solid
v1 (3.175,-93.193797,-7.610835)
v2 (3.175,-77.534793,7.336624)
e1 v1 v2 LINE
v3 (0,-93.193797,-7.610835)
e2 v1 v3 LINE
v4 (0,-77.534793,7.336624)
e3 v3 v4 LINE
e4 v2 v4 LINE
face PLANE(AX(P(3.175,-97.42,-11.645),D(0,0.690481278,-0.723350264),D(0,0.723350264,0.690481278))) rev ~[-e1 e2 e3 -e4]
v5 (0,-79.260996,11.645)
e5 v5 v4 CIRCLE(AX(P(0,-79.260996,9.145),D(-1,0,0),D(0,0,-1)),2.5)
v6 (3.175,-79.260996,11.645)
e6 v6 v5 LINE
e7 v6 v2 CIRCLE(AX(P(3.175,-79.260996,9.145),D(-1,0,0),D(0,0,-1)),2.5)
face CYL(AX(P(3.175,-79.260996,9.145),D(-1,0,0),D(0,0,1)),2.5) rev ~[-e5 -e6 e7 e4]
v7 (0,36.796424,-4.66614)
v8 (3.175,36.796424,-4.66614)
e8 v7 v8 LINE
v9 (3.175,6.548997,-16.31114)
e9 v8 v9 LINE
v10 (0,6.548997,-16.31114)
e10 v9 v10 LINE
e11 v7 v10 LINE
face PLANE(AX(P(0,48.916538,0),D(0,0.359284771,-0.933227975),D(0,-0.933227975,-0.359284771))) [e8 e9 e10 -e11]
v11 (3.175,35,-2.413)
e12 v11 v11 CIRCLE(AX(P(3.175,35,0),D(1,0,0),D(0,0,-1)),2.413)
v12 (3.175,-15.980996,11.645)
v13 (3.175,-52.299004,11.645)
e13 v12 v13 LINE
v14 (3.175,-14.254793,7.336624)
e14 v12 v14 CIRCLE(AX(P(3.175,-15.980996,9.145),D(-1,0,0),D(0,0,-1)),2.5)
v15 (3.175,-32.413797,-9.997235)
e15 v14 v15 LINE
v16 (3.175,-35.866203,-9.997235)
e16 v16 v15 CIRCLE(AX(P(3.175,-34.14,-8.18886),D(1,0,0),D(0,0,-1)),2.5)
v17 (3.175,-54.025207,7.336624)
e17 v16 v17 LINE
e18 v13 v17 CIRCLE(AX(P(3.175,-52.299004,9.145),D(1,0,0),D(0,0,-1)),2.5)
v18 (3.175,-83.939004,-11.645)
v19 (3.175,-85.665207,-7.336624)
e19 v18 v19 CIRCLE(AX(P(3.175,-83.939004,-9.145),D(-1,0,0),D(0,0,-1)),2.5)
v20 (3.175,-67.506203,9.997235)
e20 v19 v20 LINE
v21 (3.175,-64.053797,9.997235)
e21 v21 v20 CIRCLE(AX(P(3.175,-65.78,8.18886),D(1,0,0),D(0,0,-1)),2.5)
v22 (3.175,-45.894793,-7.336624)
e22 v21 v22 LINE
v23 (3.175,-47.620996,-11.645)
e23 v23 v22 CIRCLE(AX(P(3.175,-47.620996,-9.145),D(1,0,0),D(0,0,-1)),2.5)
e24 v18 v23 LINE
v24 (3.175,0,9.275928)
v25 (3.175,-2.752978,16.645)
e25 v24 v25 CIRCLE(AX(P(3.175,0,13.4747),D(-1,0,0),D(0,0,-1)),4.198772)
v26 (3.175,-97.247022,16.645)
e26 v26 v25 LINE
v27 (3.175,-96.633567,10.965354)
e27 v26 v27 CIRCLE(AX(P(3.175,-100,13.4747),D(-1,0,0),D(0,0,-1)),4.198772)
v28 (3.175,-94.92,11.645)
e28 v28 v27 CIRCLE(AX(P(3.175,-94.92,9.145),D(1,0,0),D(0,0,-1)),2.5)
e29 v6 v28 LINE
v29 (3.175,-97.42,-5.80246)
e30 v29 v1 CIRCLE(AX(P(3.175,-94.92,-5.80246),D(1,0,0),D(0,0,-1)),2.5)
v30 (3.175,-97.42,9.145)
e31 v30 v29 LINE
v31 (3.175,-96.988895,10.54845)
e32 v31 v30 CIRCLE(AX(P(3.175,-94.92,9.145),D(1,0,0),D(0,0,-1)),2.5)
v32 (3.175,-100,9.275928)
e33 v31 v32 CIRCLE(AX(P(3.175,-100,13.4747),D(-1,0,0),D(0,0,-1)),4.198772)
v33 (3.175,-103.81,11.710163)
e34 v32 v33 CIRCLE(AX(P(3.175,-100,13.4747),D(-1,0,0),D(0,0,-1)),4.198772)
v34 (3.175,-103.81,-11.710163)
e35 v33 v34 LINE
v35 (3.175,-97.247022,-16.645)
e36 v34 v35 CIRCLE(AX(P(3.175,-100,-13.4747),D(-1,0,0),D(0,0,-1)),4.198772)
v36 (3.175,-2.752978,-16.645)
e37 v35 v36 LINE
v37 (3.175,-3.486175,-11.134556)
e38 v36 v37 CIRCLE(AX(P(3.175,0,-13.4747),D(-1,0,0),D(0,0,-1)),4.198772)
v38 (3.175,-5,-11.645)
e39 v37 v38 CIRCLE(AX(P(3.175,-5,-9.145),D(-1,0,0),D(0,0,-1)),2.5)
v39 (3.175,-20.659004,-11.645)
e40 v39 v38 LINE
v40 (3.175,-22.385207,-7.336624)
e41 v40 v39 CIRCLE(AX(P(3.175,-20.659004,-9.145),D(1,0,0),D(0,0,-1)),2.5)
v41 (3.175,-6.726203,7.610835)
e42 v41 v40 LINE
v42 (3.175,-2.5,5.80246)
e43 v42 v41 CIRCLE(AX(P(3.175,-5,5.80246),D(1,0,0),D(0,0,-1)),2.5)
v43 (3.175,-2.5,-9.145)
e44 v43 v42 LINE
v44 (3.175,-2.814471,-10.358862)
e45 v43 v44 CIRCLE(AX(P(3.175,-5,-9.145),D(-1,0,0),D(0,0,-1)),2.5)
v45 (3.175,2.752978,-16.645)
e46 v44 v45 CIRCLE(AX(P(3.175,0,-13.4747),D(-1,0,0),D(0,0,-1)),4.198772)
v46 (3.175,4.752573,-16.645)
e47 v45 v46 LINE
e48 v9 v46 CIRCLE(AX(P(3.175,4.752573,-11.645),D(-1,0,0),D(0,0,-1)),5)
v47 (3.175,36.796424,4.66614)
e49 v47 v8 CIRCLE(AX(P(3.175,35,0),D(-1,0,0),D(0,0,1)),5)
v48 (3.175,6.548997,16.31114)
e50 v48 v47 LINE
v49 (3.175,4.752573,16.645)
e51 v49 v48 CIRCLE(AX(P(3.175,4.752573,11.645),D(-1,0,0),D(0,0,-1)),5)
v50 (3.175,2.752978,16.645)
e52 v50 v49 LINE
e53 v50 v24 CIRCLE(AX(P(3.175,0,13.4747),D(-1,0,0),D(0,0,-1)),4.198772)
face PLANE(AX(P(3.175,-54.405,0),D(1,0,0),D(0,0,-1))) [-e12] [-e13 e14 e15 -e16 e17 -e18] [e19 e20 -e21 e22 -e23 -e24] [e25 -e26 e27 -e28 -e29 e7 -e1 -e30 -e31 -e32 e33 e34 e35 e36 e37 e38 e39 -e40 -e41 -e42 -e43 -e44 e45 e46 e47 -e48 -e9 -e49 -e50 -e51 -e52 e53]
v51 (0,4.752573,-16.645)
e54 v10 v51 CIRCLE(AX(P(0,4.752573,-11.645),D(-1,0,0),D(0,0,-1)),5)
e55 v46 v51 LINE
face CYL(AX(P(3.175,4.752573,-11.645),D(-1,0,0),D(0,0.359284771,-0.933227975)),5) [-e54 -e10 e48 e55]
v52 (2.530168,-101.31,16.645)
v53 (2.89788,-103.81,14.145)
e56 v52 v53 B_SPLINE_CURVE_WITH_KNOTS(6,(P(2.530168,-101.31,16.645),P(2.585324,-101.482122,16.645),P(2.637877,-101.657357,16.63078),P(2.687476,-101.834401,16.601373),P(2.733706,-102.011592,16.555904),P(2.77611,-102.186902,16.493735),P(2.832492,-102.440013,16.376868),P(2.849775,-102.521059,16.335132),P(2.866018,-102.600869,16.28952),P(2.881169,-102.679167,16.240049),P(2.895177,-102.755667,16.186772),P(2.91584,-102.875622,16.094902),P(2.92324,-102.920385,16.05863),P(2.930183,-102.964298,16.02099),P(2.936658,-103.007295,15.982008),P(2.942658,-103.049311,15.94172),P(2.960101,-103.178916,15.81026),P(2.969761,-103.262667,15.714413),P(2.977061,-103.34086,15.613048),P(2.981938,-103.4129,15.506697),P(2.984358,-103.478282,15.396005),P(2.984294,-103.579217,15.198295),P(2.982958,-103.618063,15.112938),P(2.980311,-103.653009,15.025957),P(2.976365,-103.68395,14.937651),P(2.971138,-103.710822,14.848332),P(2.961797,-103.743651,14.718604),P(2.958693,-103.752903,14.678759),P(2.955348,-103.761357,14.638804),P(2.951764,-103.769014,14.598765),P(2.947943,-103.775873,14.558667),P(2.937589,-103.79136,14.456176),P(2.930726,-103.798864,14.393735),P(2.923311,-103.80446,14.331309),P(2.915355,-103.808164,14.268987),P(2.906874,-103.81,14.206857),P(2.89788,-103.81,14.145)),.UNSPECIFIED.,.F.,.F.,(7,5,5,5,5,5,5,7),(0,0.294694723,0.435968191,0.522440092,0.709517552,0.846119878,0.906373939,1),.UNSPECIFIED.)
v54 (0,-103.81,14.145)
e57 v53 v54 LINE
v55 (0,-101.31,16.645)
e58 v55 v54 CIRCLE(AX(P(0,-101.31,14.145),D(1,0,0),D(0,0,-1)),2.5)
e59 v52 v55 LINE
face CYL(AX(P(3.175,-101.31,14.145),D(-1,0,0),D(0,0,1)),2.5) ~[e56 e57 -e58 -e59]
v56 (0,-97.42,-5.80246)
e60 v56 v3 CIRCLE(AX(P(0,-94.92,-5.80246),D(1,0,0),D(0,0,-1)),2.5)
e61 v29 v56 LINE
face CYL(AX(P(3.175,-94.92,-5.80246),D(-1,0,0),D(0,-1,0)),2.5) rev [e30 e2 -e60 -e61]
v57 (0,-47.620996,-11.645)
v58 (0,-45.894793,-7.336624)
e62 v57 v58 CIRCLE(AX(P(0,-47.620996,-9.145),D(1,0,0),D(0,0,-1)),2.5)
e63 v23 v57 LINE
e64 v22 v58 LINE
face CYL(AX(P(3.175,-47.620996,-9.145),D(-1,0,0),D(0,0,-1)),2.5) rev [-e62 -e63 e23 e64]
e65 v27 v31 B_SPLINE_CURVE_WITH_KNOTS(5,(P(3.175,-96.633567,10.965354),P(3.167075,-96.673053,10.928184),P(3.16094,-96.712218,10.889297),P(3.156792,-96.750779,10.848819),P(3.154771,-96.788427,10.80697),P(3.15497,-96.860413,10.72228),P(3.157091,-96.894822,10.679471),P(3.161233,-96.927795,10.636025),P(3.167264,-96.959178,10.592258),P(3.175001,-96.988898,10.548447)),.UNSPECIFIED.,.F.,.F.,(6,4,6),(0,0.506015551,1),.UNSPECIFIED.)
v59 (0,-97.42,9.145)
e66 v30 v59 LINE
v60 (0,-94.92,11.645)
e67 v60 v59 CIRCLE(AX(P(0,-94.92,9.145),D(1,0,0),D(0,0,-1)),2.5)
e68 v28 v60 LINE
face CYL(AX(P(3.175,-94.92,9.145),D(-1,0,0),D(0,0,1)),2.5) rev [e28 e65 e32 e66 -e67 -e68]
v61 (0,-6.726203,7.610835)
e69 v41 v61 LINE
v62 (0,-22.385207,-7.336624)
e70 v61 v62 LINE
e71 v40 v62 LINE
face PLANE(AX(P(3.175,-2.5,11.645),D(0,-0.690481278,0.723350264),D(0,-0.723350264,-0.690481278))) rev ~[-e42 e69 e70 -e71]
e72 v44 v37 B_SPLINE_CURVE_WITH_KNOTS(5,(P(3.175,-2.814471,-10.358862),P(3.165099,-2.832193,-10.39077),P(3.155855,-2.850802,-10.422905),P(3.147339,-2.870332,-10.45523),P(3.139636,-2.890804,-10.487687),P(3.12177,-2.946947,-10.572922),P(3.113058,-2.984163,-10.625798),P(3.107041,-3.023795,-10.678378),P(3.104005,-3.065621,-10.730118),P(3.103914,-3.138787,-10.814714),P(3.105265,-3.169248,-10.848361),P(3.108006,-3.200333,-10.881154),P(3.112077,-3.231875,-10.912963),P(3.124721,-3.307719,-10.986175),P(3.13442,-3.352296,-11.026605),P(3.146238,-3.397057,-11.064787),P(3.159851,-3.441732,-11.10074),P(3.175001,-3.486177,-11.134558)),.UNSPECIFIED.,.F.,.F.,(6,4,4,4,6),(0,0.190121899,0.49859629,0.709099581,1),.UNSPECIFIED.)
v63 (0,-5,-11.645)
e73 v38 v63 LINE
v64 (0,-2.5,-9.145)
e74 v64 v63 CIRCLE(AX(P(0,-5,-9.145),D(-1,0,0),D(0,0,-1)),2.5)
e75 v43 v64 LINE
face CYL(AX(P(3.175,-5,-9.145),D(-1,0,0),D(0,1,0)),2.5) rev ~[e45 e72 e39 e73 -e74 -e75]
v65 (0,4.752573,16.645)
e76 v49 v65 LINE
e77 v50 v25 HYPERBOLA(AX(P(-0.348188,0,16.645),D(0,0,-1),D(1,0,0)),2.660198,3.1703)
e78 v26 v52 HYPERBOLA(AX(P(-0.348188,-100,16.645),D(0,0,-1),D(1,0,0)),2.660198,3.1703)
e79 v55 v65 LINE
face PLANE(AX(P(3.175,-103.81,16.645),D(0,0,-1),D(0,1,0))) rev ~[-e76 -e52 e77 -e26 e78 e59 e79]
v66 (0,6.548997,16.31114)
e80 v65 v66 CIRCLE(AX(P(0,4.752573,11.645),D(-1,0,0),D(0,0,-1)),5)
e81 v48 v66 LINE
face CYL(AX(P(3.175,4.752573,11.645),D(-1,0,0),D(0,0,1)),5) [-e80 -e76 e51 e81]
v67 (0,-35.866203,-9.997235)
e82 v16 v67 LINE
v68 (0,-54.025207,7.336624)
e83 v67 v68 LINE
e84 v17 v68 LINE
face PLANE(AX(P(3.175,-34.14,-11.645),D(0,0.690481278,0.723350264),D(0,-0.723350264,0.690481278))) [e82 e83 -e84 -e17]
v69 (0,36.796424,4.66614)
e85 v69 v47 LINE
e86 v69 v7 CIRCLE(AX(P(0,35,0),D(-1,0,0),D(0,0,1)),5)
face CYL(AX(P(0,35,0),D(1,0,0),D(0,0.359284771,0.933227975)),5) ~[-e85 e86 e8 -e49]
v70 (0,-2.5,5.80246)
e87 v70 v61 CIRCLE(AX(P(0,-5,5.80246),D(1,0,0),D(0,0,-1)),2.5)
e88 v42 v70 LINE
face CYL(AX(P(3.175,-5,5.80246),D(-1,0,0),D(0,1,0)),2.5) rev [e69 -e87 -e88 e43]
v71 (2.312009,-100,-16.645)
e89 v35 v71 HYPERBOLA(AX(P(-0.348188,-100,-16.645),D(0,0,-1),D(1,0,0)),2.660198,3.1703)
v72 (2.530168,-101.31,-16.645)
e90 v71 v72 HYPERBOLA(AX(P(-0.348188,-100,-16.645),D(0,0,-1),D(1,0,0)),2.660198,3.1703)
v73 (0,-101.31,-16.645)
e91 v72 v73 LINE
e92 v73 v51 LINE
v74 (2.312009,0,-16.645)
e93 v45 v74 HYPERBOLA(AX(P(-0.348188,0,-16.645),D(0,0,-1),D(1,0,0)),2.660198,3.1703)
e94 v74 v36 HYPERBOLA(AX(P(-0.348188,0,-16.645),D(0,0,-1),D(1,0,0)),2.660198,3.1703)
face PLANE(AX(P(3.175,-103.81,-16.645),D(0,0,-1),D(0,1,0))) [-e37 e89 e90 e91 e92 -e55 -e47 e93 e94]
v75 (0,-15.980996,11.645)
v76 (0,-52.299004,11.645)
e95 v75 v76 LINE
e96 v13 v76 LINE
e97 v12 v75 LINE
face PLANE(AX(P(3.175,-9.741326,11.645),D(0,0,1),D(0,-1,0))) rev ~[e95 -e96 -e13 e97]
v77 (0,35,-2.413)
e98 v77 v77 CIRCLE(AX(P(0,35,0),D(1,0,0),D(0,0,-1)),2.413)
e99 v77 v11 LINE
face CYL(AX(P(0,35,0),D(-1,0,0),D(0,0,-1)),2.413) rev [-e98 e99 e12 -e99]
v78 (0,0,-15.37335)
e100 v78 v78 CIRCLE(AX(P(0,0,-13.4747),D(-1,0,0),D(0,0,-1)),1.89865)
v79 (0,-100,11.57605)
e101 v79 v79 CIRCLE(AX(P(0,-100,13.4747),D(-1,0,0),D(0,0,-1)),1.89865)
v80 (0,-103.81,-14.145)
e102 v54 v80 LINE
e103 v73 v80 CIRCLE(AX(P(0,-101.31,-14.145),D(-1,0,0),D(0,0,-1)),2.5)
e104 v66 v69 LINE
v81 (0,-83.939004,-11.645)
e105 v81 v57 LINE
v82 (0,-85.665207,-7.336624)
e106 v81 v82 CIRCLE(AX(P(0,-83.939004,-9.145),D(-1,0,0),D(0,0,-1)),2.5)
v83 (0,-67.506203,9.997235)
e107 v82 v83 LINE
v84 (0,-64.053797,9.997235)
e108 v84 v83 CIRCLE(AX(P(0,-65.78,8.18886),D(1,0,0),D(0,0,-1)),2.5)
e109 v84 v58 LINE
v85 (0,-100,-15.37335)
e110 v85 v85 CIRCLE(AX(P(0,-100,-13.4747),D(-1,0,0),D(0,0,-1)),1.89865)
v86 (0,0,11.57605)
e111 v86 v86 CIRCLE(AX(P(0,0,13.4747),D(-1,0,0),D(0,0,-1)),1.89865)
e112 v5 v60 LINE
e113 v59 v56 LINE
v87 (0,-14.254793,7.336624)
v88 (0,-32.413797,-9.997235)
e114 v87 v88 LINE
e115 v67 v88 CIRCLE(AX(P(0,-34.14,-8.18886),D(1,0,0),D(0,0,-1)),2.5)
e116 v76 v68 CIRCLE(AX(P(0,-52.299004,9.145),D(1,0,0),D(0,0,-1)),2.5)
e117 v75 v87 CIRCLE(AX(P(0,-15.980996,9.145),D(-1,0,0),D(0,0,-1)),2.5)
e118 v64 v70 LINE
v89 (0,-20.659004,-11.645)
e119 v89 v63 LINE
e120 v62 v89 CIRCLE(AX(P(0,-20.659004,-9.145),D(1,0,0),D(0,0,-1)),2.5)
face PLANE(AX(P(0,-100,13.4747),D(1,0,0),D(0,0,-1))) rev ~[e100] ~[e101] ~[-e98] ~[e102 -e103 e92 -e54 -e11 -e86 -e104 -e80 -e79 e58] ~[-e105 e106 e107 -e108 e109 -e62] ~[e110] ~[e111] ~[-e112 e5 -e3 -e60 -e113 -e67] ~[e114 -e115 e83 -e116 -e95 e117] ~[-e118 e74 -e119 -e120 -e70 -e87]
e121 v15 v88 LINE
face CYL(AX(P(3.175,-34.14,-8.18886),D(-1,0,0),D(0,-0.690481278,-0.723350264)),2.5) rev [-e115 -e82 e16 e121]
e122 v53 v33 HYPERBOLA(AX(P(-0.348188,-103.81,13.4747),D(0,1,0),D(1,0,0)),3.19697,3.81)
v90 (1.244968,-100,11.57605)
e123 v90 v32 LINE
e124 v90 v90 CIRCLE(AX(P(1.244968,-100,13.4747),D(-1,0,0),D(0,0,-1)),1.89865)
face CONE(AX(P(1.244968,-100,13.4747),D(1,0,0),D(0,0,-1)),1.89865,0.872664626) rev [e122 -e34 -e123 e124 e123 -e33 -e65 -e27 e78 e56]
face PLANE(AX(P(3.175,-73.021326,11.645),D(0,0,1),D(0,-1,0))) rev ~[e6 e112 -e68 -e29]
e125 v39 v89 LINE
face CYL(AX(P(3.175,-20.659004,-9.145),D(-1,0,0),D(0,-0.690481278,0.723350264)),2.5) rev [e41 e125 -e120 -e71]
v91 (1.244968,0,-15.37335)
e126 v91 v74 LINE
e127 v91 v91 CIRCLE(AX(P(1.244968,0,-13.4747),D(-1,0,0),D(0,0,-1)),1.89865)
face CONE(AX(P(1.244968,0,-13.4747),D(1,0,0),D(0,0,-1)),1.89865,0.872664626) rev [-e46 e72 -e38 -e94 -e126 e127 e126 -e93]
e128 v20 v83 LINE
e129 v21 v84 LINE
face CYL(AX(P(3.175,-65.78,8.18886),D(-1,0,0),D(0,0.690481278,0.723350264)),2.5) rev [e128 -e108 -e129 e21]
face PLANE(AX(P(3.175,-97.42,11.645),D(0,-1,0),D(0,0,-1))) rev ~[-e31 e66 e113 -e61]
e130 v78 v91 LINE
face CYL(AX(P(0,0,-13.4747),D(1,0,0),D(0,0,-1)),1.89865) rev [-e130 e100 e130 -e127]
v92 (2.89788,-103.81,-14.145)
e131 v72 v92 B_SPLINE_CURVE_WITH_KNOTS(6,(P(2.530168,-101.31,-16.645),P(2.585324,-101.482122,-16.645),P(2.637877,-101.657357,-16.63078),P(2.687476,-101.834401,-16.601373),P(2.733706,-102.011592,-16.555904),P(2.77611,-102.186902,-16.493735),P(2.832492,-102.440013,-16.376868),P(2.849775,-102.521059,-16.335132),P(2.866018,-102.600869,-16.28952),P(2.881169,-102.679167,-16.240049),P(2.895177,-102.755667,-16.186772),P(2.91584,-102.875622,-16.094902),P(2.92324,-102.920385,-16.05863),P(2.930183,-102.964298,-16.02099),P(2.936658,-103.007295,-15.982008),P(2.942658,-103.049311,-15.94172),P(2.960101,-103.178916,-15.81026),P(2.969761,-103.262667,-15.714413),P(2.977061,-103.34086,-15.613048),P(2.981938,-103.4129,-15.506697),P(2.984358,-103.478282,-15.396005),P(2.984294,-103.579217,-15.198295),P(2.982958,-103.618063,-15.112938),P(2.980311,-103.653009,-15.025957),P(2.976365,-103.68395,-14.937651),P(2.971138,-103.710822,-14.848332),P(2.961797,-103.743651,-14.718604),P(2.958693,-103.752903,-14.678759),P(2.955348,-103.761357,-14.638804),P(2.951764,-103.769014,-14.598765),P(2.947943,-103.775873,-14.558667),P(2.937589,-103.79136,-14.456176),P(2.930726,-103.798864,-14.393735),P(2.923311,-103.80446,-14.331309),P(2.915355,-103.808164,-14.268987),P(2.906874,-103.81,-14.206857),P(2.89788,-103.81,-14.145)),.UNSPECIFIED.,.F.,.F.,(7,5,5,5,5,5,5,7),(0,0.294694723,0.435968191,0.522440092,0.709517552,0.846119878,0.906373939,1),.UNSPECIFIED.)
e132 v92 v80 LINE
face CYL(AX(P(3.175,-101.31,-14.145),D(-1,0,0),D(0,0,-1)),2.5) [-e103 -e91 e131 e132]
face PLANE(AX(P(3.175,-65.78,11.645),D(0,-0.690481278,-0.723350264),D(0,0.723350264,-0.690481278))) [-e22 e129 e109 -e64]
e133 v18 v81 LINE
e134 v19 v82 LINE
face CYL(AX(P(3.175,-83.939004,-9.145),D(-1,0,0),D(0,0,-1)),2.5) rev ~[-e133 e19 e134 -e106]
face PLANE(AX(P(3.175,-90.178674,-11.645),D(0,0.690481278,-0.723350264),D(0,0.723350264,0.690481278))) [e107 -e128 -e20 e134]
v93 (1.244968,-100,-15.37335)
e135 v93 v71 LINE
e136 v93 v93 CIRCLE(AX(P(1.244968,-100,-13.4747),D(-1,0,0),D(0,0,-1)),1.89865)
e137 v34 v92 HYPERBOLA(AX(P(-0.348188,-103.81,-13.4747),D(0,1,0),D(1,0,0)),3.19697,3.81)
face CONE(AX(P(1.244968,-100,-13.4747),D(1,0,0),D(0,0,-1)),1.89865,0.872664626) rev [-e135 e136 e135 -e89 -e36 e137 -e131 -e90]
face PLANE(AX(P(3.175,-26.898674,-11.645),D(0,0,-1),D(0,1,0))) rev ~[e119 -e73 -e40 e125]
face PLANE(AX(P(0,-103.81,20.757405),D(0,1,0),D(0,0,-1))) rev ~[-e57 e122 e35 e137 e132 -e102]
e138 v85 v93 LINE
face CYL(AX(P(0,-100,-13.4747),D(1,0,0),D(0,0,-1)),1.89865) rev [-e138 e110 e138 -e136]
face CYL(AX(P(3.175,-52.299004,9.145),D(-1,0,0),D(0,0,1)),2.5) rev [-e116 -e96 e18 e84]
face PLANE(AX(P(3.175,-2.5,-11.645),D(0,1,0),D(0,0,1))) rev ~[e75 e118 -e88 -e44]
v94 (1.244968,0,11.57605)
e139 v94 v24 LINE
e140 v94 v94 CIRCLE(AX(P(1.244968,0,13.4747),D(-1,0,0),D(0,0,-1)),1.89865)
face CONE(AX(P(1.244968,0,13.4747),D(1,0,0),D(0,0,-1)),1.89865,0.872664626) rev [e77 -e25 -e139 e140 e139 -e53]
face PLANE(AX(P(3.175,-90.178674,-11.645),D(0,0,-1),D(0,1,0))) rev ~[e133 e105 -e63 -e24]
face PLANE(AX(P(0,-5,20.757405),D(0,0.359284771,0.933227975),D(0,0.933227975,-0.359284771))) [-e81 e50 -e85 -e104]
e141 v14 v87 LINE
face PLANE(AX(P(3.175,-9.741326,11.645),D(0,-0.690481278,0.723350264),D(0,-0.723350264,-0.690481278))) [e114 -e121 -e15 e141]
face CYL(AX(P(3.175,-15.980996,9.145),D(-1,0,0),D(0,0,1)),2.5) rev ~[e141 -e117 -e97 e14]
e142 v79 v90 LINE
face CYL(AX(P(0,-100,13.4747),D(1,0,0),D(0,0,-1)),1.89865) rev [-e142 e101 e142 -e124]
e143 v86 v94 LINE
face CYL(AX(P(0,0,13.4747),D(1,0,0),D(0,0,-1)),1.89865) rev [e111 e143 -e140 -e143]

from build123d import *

# Parameters (mm, degrees)
SKETCH1_W                                 = 41.514809608
SKETCH1_H                                 = 98.81
SKETCH1_R                                 = 1.8288
SKETCH1_R_2                               = 2.413
BOSS_EXTRUDE1_DEPTH                       = 3.175
SKETCH2_W                                 = 4.112404804
SKETCH2_H                                 = 141.223
CUT_EXTRUDE1_DEPTH                        = 106.912542124
FILLET1_R                                 = 2.5
FILLET2_R                                 = 5
CSK_FOR_6_FLAT_HEAD_MACHINE_SCREW_2_COUNT = 2
CSK_FOR_6_FLAT_HEAD_MACHINE_SCREW_2_PITCH = 26.9494
CSK_FOR_6_FLAT_HEAD_MACHINE_SCREW_3_COUNT = 2
CSK_FOR_6_FLAT_HEAD_MACHINE_SCREW_3_PITCH = 103.567708096
CSK_FOR_6_FLAT_HEAD_MACHINE_SCREW_4_COUNT = 2
CSK_FOR_6_FLAT_HEAD_MACHINE_SCREW_4_PITCH = 100


with BuildPart() as part:
    # Sketch1 → Boss-Extrude1 (new body)
    # profile 1 of 6: a face of its own
    with BuildSketch(Plane(origin=(0, 0, 0), x_dir=(0, 0, -1), z_dir=(1, 0, 0))):
        with Locations((0, -54.405)):
            Rectangle(SKETCH1_W, SKETCH1_H)
        with Locations((13.4747, -100)):
            Circle(SKETCH1_R, mode=Mode.SUBTRACT)
        with Locations((-13.4747, -100)):
            Circle(SKETCH1_R, mode=Mode.SUBTRACT)
    # profile 2 of 6: a face of its own
    with BuildSketch(Plane(origin=(0, 0, 0), x_dir=(0, 0, -1), z_dir=(1, 0, 0))):
        Polygon((0, 48.916537522), (20.757404804, -5), (-20.757404804, -5), align=None)
        with Locations((13.4747, 0)):
            Circle(SKETCH1_R, mode=Mode.SUBTRACT)
        with Locations((0, 35)):
            Circle(SKETCH1_R_2, mode=Mode.SUBTRACT)
        with Locations((-13.4747, 0)):
            Circle(SKETCH1_R, mode=Mode.SUBTRACT)
    # profile 3 of 6: a face of its own
    with BuildSketch(Plane(origin=(0, 0, 0), x_dir=(0, 0, -1), z_dir=(1, 0, 0))):
        with Locations((-13.4747, 0)):
            Circle(SKETCH1_R)
    # profile 4 of 6: a face of its own
    with BuildSketch(Plane(origin=(0, 0, 0), x_dir=(0, 0, -1), z_dir=(1, 0, 0))):
        with Locations((13.4747, 0)):
            Circle(SKETCH1_R)
    # profile 5 of 6: a face of its own
    with BuildSketch(Plane(origin=(0, 0, 0), x_dir=(0, 0, -1), z_dir=(1, 0, 0))):
        with Locations((13.4747, -100)):
            Circle(SKETCH1_R)
    # profile 6 of 6: a face of its own
    with BuildSketch(Plane(origin=(0, 0, 0), x_dir=(0, 0, -1), z_dir=(1, 0, 0))):
        with Locations((-13.4747, -100)):
            Circle(SKETCH1_R)
    extrude(amount=BOSS_EXTRUDE1_DEPTH)

    # Sketch2 → Cut-Extrude1 (cut, through all)
    with BuildSketch(Plane(origin=(3.175, 0, 0), x_dir=(0, 0, -1), z_dir=(1, 0, 0))):
        Polygon((11.645, -2.5), (-11.645, -2.5), (11.645, -26.898674048), align=None)
        Polygon((-11.645, -9.741325952), (11.645, -34.14), (-11.645, -58.538674048), (-11.645, -34.14), align=None)
        Polygon((-11.645, -73.021325952), (-11.645, -97.42), (11.645, -97.42), align=None)
        Polygon((11.645, -41.381325952), (11.645, -65.78), (11.645, -90.178674048), (-11.645, -65.78), align=None)
        with Locations((-18.701202402, -33.1985)):
            Rectangle(SKETCH2_W, SKETCH2_H)
        with Locations((18.701202402, -33.1985)):
            Rectangle(SKETCH2_W, SKETCH2_H)
    extrude(amount=-CUT_EXTRUDE1_DEPTH, mode=Mode.SUBTRACT)

    # Fillet1
    fillet1_edges = [part.edges().sort_by_distance(p)[0] for p in [
        (1.5875, -103.81, -16.645),
        (1.5875, -9.741325952, 11.645),
        (1.5875, -34.14, -11.645),
        (1.5875, -58.538674048, 11.645),
        (1.5875, -26.898674048, -11.645),
        (1.5875, -2.5, 11.645),
        (1.5875, -2.5, -11.645),
        (1.5875, -90.178674048, -11.645),
        (1.5875, -65.78, 11.645),
        (1.5875, -41.381325952, -11.645),
        (1.5875, -103.81, 16.645),
        (1.5875, -73.021325952, 11.645),
        (1.5875, -97.42, -11.645),
        (1.5875, -97.42, 11.645),
    ]]
    fillet(fillet1_edges, radius=FILLET1_R)

    # Fillet2
    fillet2_edges = [part.edges().sort_by_distance(p)[0] for p in [
        (1.5875, 48.916537522, 0),
        (1.5875, 5.681808734, -16.645),
        (1.5875, 5.681808734, 16.645),
    ]]
    fillet(fillet2_edges, radius=FILLET2_R)

    # Sketch4 → CSK for #6 Flat Head Machine Screw (100)1 (revolve, cut)
    with BuildSketch(Plane(origin=(3.175, 0, 13.4747), x_dir=(0, 0, -1), z_dir=(0, 1, 0))):
        Polygon((0, 0), (0, 3.175), (1.89865, 3.175), (1.89865, 1.930031858), (4.1987724, 0), align=None)
    csk_for_6_flat_head_machine_screw_100 = revolve(axis=Axis((9.525, 0, 13.4747), (-1, 0, 0)), mode=Mode.SUBTRACT)

    # CSK for _6 Flat Head Machine Screw _ 2: CSK for #6 Flat Head Machine Screw (100)1 ×2
    with Locations(*[(0, 0, -i * CSK_FOR_6_FLAT_HEAD_MACHINE_SCREW_2_PITCH) for i in range(1, CSK_FOR_6_FLAT_HEAD_MACHINE_SCREW_2_COUNT)]):
        add(csk_for_6_flat_head_machine_screw_100, mode=Mode.SUBTRACT)

    # CSK for _6 Flat Head Machine Screw _ 3: CSK for #6 Flat Head Machine Screw (100)1 ×2
    with Locations(*[Vector(0, -0.9655519257685299, -0.2602104506830644) * (i * CSK_FOR_6_FLAT_HEAD_MACHINE_SCREW_3_PITCH) for i in range(1, CSK_FOR_6_FLAT_HEAD_MACHINE_SCREW_3_COUNT)]):
        add(csk_for_6_flat_head_machine_screw_100, mode=Mode.SUBTRACT)

    # CSK for _6 Flat Head Machine Screw _ 4: CSK for #6 Flat Head Machine Screw (100)1 ×2
    with Locations(*[(0, -i * CSK_FOR_6_FLAT_HEAD_MACHINE_SCREW_4_PITCH, 0) for i in range(1, CSK_FOR_6_FLAT_HEAD_MACHINE_SCREW_4_COUNT)]):
        add(csk_for_6_flat_head_machine_screw_100, mode=Mode.SUBTRACT)


solid = part.part
